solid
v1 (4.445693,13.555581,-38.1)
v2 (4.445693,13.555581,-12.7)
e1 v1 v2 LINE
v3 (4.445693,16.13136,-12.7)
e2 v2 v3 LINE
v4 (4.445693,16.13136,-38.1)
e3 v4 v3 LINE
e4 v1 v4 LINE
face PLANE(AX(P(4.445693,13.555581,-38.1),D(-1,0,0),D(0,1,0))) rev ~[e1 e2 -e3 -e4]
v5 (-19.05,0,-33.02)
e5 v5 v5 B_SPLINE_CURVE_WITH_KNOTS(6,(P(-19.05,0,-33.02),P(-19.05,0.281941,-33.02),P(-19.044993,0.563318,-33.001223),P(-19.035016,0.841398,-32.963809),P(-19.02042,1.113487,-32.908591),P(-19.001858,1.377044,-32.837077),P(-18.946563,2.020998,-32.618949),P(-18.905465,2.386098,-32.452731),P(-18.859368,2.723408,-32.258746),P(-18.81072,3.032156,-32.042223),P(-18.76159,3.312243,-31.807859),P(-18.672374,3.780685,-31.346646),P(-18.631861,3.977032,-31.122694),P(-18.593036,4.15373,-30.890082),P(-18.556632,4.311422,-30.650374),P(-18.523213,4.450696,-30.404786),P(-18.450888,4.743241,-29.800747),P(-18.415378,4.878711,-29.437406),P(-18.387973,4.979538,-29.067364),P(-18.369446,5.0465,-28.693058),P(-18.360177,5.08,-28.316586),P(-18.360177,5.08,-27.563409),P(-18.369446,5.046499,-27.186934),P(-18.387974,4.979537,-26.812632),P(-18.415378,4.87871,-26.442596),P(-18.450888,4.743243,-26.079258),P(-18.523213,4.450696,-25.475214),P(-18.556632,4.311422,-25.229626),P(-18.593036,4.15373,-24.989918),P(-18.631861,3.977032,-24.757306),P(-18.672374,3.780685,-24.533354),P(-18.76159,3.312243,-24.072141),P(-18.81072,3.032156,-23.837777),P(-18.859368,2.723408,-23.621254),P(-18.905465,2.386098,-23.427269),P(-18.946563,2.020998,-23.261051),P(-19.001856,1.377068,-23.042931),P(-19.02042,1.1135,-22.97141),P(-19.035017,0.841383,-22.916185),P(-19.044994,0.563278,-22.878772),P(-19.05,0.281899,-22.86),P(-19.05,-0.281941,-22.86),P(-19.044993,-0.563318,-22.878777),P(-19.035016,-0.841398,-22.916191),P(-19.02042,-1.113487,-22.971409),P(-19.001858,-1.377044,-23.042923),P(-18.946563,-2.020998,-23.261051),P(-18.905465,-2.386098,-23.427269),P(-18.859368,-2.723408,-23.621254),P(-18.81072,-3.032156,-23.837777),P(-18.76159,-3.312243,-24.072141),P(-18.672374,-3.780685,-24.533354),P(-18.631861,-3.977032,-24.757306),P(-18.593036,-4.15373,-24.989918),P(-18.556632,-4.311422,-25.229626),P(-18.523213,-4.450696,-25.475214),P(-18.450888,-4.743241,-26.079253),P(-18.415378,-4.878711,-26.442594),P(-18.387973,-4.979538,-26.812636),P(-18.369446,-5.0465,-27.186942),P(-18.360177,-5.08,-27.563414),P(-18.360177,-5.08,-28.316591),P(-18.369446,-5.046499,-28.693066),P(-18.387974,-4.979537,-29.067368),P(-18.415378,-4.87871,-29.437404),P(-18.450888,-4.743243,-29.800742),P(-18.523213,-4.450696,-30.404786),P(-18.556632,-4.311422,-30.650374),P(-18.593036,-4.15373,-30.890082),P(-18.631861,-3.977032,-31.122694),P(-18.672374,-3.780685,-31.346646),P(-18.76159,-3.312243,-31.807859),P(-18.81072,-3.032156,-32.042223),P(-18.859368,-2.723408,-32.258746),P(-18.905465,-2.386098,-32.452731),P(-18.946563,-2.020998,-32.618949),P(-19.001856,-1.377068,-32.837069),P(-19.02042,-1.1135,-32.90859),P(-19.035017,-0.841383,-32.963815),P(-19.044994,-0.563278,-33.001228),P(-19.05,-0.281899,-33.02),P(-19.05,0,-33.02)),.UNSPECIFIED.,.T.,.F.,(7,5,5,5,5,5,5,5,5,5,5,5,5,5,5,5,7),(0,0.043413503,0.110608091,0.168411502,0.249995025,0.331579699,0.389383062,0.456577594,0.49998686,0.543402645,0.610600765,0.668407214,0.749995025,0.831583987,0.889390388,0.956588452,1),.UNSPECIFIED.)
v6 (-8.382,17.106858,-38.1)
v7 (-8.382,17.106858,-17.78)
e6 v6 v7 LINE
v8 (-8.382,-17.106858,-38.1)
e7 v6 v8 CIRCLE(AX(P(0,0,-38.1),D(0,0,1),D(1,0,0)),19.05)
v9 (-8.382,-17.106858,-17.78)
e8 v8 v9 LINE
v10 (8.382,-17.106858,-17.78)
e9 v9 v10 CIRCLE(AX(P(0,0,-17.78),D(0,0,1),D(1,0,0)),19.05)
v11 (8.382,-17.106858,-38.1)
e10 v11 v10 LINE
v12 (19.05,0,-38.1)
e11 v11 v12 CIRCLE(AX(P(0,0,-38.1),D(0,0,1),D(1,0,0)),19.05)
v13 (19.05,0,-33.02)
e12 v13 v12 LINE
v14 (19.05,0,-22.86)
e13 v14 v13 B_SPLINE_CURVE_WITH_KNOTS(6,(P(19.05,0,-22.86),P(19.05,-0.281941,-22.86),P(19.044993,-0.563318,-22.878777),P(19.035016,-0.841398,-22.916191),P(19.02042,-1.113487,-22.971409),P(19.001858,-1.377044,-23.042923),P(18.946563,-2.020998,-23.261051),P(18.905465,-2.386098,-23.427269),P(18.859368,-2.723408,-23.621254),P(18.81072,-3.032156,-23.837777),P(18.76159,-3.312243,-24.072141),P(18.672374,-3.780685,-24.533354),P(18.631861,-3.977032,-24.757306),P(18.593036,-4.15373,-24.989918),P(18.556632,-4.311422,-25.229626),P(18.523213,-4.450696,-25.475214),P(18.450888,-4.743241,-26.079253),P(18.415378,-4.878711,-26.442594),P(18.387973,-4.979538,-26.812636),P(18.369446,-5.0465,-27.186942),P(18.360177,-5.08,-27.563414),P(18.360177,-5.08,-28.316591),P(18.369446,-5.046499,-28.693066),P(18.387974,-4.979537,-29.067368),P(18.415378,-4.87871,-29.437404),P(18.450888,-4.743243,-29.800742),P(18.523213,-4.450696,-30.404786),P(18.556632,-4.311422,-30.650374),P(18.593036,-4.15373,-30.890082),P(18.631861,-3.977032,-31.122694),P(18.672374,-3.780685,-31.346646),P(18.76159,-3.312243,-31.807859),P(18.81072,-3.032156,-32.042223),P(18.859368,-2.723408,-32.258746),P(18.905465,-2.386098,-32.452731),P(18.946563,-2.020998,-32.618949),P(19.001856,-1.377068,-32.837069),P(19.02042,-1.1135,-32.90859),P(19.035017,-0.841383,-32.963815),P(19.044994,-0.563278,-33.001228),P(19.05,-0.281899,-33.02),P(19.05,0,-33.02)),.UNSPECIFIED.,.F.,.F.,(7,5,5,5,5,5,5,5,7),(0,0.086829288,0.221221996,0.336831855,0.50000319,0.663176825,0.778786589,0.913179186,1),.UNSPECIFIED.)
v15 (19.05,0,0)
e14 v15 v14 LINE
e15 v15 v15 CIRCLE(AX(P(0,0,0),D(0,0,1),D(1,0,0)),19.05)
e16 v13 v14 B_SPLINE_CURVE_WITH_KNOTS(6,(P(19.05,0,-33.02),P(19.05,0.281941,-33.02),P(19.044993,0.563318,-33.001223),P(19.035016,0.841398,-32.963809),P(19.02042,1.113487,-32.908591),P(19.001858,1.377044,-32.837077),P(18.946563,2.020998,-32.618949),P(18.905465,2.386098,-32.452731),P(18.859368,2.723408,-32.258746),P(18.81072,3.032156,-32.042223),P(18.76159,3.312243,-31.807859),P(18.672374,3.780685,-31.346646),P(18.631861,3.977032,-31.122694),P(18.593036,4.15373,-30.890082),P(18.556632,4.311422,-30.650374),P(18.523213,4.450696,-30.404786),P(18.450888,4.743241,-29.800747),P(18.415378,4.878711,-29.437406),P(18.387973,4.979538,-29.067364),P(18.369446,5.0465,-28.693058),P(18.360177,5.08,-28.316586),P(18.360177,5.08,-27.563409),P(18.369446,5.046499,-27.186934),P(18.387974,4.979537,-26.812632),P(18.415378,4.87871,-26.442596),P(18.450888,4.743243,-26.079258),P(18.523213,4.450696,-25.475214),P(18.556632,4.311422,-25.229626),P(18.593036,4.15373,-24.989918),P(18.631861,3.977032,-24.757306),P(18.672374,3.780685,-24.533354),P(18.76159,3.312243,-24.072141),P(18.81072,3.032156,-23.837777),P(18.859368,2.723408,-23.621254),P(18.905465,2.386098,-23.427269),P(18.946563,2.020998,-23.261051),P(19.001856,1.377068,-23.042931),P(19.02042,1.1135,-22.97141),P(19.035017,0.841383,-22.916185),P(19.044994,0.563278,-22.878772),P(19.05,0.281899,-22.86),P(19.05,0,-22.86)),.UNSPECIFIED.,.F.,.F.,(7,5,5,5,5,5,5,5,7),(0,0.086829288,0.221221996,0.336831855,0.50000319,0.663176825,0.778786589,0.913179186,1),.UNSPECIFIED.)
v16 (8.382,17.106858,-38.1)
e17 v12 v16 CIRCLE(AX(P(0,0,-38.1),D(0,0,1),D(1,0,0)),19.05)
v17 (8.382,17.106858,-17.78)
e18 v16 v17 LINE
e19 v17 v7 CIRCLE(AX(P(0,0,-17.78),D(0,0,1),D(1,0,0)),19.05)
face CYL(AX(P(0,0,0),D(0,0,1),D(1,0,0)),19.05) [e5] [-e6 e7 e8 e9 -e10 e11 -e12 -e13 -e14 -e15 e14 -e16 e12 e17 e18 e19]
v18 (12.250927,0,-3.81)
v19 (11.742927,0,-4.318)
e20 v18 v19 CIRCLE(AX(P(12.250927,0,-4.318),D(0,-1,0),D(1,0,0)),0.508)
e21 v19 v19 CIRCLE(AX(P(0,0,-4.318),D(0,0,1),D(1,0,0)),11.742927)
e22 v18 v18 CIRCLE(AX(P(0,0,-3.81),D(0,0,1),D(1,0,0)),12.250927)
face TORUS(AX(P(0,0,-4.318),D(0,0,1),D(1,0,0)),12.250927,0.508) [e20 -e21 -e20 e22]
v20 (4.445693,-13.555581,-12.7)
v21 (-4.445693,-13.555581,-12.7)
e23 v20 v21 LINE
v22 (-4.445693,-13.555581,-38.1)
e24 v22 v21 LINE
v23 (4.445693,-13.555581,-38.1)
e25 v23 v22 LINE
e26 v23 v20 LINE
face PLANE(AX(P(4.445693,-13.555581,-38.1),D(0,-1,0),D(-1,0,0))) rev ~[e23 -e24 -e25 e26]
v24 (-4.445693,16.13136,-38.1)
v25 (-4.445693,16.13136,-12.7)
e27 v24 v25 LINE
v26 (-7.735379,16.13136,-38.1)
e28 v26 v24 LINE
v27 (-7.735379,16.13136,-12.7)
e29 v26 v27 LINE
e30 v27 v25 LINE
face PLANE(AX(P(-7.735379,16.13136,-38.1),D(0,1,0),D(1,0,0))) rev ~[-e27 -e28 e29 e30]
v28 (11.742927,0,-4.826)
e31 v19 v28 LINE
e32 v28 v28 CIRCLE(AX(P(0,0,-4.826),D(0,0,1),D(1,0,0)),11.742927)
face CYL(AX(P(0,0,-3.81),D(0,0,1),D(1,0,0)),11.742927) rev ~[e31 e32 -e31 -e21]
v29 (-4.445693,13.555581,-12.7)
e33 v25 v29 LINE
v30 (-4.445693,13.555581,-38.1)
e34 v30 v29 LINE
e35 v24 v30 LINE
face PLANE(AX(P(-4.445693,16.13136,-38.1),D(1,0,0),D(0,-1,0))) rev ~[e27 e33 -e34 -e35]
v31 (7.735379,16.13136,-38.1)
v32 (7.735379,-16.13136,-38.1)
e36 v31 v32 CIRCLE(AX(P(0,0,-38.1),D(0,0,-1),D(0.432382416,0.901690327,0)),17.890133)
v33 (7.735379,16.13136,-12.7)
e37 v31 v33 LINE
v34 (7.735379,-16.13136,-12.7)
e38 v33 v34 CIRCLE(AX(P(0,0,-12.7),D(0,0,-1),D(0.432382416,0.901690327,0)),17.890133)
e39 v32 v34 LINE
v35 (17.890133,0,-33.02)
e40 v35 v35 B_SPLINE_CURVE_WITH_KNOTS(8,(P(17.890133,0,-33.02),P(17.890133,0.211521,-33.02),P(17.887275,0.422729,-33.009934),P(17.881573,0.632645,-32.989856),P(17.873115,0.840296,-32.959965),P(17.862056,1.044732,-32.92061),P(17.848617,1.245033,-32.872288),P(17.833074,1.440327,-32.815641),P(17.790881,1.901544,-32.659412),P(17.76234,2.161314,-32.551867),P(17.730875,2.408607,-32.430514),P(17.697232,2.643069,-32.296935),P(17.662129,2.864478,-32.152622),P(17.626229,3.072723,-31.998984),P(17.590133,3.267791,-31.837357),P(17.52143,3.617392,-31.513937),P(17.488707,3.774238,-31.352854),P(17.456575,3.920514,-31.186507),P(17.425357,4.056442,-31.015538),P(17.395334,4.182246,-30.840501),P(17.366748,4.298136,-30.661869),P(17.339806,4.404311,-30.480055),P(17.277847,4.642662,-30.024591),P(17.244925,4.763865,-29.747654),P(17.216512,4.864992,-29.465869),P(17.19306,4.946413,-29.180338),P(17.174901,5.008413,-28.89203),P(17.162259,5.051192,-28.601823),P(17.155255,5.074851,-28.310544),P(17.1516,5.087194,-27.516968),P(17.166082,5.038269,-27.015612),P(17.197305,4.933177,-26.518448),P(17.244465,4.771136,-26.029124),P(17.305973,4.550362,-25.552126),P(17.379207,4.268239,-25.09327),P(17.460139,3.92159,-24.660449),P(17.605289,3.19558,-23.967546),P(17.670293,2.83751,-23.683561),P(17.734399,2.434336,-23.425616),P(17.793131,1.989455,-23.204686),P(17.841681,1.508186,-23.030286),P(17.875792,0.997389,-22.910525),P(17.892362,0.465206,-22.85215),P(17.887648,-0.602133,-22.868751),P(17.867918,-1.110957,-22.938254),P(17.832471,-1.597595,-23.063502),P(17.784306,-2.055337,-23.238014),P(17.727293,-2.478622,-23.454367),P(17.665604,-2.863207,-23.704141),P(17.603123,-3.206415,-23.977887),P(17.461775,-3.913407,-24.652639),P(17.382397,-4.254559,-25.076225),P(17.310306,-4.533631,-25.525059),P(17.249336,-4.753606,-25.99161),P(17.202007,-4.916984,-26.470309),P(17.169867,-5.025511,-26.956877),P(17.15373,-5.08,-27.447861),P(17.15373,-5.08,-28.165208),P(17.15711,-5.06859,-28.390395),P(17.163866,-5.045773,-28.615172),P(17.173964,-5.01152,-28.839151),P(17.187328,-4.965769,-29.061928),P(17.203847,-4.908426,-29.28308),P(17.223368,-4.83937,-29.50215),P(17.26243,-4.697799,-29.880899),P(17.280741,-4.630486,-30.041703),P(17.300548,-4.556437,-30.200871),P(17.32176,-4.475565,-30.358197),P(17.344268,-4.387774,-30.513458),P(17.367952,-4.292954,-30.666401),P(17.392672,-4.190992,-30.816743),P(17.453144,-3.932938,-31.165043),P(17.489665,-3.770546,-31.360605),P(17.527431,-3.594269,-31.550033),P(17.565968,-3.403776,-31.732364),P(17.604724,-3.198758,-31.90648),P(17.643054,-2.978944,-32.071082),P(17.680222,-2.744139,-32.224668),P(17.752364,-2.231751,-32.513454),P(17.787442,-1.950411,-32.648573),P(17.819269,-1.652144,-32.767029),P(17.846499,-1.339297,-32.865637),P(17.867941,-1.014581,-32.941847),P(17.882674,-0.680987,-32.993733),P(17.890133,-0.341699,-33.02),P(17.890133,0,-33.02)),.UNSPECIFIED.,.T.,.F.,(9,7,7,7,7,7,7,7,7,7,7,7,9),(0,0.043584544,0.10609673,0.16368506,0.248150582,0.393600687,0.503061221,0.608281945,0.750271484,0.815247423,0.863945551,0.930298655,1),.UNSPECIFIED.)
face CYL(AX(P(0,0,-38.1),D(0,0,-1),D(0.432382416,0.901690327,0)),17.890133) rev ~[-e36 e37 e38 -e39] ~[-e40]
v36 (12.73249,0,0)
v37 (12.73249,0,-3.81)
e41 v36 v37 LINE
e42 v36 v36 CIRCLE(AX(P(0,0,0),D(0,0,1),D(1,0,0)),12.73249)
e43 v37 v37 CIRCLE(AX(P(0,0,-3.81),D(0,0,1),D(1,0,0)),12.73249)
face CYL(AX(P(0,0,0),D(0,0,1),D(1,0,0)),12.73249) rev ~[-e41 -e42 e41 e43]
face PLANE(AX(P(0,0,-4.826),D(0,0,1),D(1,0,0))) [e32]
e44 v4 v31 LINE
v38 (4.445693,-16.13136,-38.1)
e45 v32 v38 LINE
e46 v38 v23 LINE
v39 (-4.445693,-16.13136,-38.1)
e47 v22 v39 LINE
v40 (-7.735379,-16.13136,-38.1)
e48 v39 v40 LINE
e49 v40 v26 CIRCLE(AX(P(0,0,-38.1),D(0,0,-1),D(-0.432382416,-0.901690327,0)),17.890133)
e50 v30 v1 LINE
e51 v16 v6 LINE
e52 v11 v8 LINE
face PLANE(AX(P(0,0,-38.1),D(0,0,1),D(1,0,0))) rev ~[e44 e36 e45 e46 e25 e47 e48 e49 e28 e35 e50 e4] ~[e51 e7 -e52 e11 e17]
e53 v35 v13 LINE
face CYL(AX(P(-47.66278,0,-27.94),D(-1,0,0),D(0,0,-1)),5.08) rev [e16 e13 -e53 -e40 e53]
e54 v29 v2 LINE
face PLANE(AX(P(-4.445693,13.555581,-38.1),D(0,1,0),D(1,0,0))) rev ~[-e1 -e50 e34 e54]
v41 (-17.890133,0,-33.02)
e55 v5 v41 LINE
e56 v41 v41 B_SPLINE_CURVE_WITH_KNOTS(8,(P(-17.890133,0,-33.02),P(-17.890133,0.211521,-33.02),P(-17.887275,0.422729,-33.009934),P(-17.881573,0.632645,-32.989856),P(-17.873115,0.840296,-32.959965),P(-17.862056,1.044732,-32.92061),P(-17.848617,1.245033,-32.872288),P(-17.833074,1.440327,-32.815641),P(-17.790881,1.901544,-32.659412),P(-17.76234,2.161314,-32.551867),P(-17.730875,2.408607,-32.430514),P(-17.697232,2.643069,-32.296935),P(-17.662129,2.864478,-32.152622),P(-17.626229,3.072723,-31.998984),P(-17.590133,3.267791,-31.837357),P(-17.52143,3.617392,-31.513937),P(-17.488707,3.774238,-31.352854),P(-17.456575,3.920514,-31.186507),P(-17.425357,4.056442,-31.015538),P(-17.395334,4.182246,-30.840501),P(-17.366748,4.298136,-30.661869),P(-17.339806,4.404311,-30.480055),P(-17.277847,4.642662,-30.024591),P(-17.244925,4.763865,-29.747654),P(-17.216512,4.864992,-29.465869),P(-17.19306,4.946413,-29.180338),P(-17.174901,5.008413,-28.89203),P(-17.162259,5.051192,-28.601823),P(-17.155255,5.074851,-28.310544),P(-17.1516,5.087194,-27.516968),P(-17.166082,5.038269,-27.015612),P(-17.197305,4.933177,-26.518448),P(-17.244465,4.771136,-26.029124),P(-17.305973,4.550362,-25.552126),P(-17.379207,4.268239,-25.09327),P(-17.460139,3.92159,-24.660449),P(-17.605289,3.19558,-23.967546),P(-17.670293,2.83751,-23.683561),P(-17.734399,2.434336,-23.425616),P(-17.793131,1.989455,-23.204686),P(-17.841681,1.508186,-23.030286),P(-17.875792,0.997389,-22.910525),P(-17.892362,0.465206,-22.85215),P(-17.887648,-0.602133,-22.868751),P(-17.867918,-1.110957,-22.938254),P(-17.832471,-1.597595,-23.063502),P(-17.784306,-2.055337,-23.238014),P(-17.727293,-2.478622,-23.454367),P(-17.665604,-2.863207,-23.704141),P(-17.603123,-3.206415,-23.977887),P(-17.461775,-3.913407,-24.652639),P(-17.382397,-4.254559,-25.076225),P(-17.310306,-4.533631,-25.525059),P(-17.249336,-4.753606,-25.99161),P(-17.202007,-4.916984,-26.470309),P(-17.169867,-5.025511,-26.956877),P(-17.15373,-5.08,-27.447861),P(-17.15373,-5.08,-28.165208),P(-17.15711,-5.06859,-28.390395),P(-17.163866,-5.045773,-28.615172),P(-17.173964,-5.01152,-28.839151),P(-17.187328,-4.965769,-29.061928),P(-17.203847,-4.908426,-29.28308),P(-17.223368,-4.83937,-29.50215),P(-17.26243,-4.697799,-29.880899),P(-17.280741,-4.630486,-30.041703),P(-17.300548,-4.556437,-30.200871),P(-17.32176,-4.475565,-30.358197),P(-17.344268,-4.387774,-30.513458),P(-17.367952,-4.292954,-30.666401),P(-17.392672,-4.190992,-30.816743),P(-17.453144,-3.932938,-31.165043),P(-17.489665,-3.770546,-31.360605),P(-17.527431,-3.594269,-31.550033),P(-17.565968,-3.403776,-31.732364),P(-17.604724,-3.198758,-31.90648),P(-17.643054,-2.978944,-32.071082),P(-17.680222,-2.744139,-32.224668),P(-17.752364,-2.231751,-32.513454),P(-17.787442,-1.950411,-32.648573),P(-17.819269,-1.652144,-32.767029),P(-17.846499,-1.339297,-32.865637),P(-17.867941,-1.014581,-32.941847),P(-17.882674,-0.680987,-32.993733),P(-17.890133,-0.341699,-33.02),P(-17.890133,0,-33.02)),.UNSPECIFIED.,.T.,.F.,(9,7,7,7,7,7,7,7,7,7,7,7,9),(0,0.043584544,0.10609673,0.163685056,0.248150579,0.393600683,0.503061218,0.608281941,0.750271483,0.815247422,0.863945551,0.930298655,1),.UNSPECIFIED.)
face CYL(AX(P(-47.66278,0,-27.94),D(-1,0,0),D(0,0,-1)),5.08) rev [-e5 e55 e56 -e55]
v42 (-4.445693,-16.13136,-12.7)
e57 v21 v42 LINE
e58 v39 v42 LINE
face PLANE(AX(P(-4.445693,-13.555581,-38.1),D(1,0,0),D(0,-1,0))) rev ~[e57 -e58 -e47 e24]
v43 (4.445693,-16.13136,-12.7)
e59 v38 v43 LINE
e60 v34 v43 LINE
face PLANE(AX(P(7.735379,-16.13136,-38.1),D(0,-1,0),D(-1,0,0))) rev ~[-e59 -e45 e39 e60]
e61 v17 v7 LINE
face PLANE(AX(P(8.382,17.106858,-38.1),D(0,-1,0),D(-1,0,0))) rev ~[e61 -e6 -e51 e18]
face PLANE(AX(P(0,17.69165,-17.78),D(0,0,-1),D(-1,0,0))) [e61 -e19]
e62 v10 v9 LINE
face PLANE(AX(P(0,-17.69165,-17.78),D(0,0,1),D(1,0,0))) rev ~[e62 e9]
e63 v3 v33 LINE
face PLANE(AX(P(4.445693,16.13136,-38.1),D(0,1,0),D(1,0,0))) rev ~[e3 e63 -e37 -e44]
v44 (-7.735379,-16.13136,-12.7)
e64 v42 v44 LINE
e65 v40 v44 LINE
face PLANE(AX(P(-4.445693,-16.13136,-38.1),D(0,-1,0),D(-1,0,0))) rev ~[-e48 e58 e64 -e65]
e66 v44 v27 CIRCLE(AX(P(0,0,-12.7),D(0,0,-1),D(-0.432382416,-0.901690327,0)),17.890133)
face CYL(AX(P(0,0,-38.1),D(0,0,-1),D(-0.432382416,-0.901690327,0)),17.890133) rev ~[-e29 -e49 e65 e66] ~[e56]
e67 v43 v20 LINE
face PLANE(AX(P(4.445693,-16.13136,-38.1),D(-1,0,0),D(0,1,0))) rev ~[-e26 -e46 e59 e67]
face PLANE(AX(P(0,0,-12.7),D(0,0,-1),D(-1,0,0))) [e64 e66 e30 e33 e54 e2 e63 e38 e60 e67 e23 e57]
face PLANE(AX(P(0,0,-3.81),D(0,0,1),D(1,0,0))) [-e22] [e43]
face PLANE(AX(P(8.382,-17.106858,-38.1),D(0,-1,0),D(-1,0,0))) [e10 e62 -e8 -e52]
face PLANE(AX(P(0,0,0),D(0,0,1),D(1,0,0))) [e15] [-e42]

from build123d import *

# Parameters (mm, degrees)
SKETCH3_R               = 19.05
BOSS_EXTRUDE1_DEPTH     = 38.1
CUT_EXTRUDE2_DEPTH      = 25.4
CUT_EXTRUDE4_DEPTH      = 20.32
SKETCH11_R              = 12.732490025
CUT_EXTRUDE5_DEPTH      = 3.81
SKETCH12_R              = 11.742927305
CUT_EXTRUDE6_DEPTH      = 1.016
FILLET2_R               = 0.508
CUT_EXTRUDE7_DEPTH      = 47.6627796
CUT_EXTRUDE7_DEPTH_BACK = 47.6627796
SKETCH14_R              = 5.08


with BuildPart() as part:
    # Sketch3 → Boss-Extrude1 (new body)
    with BuildSketch(Plane.XY):
        Circle(SKETCH3_R)
    extrude(amount=-BOSS_EXTRUDE1_DEPTH)

    # Sketch6 → Cut-Extrude2 (cut)
    with BuildSketch(Plane(origin=(0, 0, -38.1), x_dir=(-1, 0, 0), z_dir=(0, 0, -1))):
        with BuildLine():
            Line((4.445692932, 13.555581222), (-4.445692932, 13.555581222))
            Line((-4.445692932, 13.555581222), (-4.445692932, 16.13135994))
            Line((-4.445692932, 16.13135994), (-7.735378966, 16.13135994))
            ThreePointArc((-7.735378966, 16.13135994), (-17.89013307, 0), (-7.735378966, -16.13135994))
            Line((-7.735378966, -16.13135994), (-4.445692932, -16.13135994))
            Line((-4.445692932, -16.13135994), (-4.445692932, -13.555581222))
            Line((-4.445692932, -13.555581222), (4.445692932, -13.555581222))
            Line((4.445692932, -13.555581222), (4.445692932, -16.13135994))
            Line((4.445692932, -16.13135994), (7.735378966, -16.13135994))
            ThreePointArc((7.735378966, -16.13135994), (17.89013307, 0), (7.735378966, 16.13135994))
            Line((7.735378966, 16.13135994), (4.445692932, 16.13135994))
            Line((4.445692932, 16.13135994), (4.445692932, 13.555581222))
        make_face()
    extrude(amount=-CUT_EXTRUDE2_DEPTH, mode=Mode.SUBTRACT)

    # Sketch10 → Cut-Extrude4 (cut)
    with BuildSketch(Plane(origin=(0, 0, -38.1), x_dir=(-1, 0, 0), z_dir=(0, 0, -1))):
        with BuildLine():
            Line((-8.382, 17.106857572), (8.382, 17.106857572))
            ThreePointArc((8.382, 17.106857572), (0, 19.054089968), (-8.382, 17.106857572))
        make_face()
        with BuildLine():
            Line((-8.382, -17.106857572), (8.382, -17.106857572))
            ThreePointArc((8.382, -17.106857572), (0, -19.054089968), (-8.382, -17.106857572))
        make_face()
    extrude(amount=-CUT_EXTRUDE4_DEPTH, mode=Mode.SUBTRACT)

    # Sketch11 → Cut-Extrude5 (cut)
    with BuildSketch(Plane.XY):
        Circle(SKETCH11_R)
    extrude(amount=-CUT_EXTRUDE5_DEPTH, mode=Mode.SUBTRACT)

    # Sketch12 → Cut-Extrude6 (cut)
    with BuildSketch(Plane.XY.offset(-3.81)):
        Circle(SKETCH12_R)
    extrude(amount=-CUT_EXTRUDE6_DEPTH, mode=Mode.SUBTRACT)

    # Fillet2
    fillet2_edges = [part.edges().sort_by_distance(p)[0] for p in [
        (-11.742927305, 0, -3.81),
    ]]
    fillet(fillet2_edges, radius=FILLET2_R)

    # Sketch14 → Cut-Extrude7 (cut, two sides: drawn at the far end of the back side and taken through both)
    with BuildSketch(Plane(origin=(0, 0, 0), x_dir=(0, 0, -1), z_dir=(1, 0, 0)).offset(-CUT_EXTRUDE7_DEPTH_BACK)):
        with Locations((27.94, 0)):
            Circle(SKETCH14_R)
    extrude(amount=CUT_EXTRUDE7_DEPTH + CUT_EXTRUDE7_DEPTH_BACK, mode=Mode.SUBTRACT)


solid = part.part
